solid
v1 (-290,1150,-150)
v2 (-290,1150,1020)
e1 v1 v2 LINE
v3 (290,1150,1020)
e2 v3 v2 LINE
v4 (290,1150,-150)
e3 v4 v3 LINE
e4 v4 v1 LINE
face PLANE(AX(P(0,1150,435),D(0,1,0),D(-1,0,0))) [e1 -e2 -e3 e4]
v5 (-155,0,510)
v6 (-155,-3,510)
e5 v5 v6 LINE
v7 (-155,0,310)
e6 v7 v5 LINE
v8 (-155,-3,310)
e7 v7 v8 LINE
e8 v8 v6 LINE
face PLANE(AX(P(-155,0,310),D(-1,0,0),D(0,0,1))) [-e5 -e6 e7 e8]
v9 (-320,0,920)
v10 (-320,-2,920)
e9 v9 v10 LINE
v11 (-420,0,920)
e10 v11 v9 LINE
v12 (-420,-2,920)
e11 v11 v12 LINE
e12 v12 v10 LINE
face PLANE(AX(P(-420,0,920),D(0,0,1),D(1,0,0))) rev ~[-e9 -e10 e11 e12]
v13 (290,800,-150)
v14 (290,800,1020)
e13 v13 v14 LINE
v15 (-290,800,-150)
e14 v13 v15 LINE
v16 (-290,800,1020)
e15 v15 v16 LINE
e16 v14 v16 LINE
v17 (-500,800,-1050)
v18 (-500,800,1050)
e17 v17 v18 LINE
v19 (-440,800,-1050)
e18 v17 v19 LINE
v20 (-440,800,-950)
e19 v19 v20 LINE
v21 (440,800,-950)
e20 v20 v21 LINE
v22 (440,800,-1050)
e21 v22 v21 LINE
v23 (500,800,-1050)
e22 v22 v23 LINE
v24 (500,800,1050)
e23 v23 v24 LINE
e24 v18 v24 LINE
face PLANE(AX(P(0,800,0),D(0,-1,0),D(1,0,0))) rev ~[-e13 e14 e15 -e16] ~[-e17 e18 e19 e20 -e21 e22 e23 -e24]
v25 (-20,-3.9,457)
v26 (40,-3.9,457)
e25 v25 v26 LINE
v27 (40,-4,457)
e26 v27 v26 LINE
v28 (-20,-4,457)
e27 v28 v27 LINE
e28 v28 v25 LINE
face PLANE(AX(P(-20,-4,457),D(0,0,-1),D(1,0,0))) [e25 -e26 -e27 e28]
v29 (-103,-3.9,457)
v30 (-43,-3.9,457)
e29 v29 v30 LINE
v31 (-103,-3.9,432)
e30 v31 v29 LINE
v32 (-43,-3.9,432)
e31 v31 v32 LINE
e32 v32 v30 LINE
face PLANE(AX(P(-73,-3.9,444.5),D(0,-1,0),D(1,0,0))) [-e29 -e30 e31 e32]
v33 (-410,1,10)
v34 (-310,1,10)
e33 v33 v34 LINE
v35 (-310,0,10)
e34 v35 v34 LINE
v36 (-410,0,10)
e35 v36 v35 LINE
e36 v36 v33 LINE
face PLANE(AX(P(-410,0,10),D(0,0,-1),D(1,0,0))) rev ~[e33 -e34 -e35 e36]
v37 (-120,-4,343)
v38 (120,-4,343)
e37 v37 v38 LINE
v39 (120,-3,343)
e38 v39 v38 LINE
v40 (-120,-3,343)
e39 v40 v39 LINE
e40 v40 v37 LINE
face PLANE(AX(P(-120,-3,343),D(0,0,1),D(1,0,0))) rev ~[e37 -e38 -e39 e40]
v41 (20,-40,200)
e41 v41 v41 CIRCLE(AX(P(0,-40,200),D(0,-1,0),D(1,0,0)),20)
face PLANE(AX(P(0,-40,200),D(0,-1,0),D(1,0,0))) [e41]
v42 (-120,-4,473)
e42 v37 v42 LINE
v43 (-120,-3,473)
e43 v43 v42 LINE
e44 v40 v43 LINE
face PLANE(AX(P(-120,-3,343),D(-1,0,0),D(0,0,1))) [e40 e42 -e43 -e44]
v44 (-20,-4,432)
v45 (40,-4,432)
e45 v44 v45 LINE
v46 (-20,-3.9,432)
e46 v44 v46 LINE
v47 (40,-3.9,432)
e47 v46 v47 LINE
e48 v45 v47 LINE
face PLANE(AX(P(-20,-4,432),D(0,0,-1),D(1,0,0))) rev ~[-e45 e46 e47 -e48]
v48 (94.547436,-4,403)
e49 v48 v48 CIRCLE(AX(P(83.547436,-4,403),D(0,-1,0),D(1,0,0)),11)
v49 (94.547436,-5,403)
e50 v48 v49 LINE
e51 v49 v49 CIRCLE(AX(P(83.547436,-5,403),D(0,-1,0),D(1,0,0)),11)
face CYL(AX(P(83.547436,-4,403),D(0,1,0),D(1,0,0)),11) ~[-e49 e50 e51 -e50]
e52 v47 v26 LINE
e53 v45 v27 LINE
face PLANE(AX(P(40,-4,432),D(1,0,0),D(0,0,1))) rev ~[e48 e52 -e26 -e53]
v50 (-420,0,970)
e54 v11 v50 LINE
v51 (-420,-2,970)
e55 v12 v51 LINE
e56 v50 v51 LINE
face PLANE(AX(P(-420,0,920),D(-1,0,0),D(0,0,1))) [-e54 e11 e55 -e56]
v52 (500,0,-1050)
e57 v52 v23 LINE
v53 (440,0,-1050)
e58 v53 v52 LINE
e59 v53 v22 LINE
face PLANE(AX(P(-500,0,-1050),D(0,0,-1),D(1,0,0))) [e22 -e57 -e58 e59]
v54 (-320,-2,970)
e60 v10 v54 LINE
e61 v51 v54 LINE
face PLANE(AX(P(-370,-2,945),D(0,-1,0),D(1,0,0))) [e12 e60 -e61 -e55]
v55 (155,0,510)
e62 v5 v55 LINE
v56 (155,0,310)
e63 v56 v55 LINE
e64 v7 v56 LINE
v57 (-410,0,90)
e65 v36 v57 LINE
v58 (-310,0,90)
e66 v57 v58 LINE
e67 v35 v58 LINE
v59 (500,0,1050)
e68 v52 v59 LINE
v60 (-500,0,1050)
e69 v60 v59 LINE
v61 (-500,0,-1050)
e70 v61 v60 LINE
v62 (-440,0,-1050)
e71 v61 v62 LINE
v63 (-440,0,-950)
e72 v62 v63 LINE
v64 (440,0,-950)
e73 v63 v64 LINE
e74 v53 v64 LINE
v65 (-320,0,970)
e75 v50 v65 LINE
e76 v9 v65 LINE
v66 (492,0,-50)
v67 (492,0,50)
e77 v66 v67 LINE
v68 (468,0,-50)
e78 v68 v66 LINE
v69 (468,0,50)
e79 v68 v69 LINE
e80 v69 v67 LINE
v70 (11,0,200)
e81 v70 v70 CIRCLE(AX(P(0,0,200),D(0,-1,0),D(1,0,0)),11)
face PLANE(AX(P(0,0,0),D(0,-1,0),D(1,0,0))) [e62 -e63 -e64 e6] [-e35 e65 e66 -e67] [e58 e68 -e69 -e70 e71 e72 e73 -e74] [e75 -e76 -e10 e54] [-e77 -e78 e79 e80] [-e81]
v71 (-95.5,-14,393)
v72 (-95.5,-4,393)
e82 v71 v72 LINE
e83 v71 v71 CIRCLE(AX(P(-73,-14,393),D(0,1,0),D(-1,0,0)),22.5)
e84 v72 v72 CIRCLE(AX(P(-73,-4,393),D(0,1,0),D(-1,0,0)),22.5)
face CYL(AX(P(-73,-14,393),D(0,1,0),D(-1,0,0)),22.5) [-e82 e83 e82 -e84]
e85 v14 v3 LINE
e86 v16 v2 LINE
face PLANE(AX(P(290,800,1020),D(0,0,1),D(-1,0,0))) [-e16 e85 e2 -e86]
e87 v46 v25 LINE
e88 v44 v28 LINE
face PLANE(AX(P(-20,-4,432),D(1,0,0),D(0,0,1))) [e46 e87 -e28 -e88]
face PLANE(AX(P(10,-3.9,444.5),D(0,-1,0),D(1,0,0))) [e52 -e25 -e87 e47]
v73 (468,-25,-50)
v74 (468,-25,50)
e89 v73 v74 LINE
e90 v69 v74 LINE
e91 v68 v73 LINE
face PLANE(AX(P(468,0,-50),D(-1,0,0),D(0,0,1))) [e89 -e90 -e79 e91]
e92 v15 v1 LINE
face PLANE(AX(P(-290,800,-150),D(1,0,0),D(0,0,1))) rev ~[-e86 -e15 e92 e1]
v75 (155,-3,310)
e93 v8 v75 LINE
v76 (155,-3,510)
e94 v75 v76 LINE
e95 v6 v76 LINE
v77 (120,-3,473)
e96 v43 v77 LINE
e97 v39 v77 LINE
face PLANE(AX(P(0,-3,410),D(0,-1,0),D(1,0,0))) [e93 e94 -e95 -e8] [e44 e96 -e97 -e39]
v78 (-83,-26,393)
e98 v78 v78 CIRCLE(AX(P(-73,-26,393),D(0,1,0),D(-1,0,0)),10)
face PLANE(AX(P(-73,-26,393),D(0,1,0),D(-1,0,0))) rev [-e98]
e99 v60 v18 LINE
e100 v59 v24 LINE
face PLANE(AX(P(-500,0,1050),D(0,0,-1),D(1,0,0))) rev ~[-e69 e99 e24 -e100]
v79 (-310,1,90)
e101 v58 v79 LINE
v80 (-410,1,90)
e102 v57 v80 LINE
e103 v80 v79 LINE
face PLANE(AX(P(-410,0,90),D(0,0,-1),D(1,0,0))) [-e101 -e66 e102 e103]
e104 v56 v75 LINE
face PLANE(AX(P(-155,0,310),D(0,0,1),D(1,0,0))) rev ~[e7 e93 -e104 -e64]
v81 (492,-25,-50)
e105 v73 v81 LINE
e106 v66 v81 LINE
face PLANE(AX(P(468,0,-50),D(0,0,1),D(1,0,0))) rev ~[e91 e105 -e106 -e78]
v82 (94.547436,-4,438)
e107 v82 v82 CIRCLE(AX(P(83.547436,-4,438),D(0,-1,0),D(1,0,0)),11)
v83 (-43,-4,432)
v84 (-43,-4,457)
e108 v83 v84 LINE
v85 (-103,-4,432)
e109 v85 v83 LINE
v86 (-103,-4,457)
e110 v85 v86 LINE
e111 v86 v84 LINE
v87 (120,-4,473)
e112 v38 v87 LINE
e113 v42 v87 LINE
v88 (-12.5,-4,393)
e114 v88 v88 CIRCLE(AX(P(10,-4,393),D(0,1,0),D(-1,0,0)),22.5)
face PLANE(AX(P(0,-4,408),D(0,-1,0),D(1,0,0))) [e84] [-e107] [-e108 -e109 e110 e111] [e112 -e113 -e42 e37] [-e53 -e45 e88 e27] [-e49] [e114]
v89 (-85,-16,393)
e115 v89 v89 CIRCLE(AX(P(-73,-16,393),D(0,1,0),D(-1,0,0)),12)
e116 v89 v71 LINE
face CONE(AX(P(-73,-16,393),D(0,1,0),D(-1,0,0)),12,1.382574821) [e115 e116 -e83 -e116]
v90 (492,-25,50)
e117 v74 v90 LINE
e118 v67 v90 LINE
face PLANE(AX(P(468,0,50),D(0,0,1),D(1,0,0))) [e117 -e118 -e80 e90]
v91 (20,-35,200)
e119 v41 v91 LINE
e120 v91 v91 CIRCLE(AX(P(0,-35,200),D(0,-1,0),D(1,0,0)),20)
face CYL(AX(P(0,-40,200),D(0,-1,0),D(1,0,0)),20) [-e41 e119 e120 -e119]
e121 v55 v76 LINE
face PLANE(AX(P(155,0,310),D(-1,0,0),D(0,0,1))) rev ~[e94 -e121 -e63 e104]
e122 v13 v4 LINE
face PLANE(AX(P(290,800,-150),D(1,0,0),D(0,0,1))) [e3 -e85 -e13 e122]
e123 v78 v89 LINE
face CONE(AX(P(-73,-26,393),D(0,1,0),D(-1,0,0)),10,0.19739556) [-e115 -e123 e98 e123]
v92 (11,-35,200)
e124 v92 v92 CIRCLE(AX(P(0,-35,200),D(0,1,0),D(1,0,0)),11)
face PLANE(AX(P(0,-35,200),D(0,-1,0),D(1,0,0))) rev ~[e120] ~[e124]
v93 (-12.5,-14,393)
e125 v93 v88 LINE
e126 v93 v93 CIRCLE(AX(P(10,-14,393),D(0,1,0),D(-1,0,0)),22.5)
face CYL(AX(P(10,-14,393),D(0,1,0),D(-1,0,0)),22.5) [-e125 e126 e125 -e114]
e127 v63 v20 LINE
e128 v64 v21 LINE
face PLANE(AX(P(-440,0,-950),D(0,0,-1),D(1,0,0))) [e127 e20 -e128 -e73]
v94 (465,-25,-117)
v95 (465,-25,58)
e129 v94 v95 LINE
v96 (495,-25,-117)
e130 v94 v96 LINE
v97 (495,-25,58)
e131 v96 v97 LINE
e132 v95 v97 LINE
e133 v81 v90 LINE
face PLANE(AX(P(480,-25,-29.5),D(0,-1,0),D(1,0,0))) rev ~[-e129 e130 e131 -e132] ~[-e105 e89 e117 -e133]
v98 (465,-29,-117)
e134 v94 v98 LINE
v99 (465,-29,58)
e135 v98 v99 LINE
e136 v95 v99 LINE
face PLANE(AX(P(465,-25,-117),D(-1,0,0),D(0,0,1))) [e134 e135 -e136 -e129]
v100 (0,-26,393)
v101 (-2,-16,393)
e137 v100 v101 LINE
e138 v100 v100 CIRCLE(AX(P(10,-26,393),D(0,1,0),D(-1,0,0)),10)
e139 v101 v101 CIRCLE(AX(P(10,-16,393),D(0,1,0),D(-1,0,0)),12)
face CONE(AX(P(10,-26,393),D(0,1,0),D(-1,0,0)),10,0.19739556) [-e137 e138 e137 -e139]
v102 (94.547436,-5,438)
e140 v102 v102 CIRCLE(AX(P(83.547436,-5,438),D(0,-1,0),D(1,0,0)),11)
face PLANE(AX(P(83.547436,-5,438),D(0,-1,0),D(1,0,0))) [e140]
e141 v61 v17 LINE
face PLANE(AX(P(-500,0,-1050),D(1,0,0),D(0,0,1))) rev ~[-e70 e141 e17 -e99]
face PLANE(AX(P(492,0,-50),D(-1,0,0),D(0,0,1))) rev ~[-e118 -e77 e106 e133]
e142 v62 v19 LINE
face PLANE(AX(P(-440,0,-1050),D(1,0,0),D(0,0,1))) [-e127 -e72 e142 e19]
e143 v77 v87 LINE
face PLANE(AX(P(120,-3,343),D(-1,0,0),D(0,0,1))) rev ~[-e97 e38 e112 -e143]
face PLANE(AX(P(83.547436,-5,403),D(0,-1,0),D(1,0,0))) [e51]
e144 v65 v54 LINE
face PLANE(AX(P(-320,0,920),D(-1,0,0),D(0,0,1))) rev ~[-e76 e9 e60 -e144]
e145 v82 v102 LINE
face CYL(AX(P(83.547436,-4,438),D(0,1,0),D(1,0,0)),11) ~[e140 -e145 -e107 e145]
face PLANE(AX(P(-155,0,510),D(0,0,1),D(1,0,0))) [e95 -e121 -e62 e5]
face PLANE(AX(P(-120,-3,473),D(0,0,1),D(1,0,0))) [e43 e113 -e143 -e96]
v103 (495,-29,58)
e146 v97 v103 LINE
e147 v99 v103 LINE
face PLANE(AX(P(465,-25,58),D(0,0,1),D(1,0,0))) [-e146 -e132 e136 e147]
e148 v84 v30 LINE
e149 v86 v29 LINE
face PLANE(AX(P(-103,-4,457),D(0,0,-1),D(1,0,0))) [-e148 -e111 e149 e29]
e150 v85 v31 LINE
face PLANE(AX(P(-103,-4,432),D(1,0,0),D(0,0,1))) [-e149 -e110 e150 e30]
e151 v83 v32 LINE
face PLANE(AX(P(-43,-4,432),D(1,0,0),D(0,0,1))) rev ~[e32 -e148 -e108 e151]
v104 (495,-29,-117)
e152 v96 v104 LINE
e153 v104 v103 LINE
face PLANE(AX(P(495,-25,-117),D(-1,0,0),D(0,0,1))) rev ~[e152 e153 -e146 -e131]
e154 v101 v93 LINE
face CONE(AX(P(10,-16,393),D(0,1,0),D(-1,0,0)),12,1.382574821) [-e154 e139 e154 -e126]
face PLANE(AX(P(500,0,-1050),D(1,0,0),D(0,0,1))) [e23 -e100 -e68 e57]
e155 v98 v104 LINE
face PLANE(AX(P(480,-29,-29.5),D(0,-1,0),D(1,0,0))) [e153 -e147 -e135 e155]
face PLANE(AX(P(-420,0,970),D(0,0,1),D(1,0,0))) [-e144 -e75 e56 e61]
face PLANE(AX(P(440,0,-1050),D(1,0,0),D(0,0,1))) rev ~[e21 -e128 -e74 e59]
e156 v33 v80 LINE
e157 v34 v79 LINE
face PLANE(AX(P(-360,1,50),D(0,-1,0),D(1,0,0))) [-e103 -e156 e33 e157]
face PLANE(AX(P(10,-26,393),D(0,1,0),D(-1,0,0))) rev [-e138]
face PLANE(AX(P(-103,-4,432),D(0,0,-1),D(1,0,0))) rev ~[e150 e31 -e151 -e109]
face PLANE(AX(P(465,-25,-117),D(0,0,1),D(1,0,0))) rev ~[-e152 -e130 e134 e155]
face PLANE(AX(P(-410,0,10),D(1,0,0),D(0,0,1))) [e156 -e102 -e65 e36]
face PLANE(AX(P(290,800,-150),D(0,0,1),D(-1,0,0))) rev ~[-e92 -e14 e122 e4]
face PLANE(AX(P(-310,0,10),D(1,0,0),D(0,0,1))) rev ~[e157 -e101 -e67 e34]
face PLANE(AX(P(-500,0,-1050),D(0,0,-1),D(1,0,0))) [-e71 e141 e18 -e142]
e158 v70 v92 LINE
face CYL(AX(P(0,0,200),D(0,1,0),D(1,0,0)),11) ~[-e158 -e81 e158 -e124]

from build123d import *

# Parameters (mm, degrees)
F0_W      = 1000
F0_H      = 2100
F1_DEPTH  = 800
F2_W      = 580
F2_H      = 1170
F3_DEPTH  = 350
F4_R      = 11
F5_DEPTH  = 40
F6_R      = 20
F7_DEPTH  = 5
F8_W      = 310
F8_H      = 200
F9_DEPTH  = 3
F10_W     = 100
F10_H     = 80
F11_DEPTH = 1
F12_W     = 880
F12_H     = 100
F13_DEPTH = 1150.001
F14_W     = 24
F14_H     = 100
F15_DEPTH = 25
F16_W     = 100
F16_H     = 50
F17_DEPTH = 2
F18_W     = 30
F18_H     = 175
F19_DEPTH = 4
F20_W     = 240
F20_H     = 130
F21_DEPTH = 1
F22_W     = 60
F22_H     = 25
F23_DEPTH = 0.1
F29_R     = 11
F30_DEPTH = 1


with BuildPart() as f1:
    # F0 (on Front) → F1 (new body)
    with BuildSketch(Plane.XZ):
        Rectangle(F0_W, F0_H)
    extrude(amount=-F1_DEPTH)

    # F2 (on face) → F3 (join)
    with BuildSketch(Plane(origin=(0, 800, 0), x_dir=(-1, 0, 0), z_dir=(0, 1, 0))):
        with Locations((0, 435)):
            Rectangle(F2_W, F2_H)
    extrude(amount=F3_DEPTH)

    # F4 (on face) → F5 (join)
    with BuildSketch(Plane.XZ):
        with Locations((0, 200)):
            Circle(F4_R)
    extrude(amount=F5_DEPTH)

    # F6 (on face) → F7 (join)
    with BuildSketch(Plane.XZ.offset(40)):
        with Locations((0, 200)):
            Circle(F6_R)
    extrude(amount=-F7_DEPTH)

    # F8 (on face) → F9 (join)
    with BuildSketch(Plane.XZ):
        with Locations((0, 410)):
            Rectangle(F8_W, F8_H)
    extrude(amount=F9_DEPTH)

    # F10 (on face) → F11 (cut)
    with BuildSketch(Plane.XZ):
        with Locations((-360, 50)):
            Rectangle(F10_W, F10_H)
    extrude(amount=-F11_DEPTH, mode=Mode.SUBTRACT)

    # F12 (on face) → F13 (cut, through all)
    with BuildSketch(Plane.XZ):
        with Locations((0, -1000)):
            Rectangle(F12_W, F12_H)
    extrude(amount=-F13_DEPTH, mode=Mode.SUBTRACT)

    # F14 (on face) → F15 (join)
    with BuildSketch(Plane.XZ):
        with Locations((480, 0)):
            Rectangle(F14_W, F14_H)
    extrude(amount=F15_DEPTH)

    # F16 (on face) → F17 (join)
    with BuildSketch(Plane.XZ):
        with Locations((-370, 945)):
            Rectangle(F16_W, F16_H)
    extrude(amount=F17_DEPTH)

    # F18 (on face) → F19 (join)
    with BuildSketch(Plane.XZ.offset(25)):
        with Locations((480, -29.5)):
            Rectangle(F18_W, F18_H)
    extrude(amount=F19_DEPTH)

    # F20 (on face) → F21 (join)
    with BuildSketch(Plane.XZ.offset(3)):
        with Locations((0, 408)):
            Rectangle(F20_W, F20_H)
    extrude(amount=F21_DEPTH)

    # F22 (on face) → F23 (cut)
    with BuildSketch(Plane.XZ.offset(4)):
        with Locations((-73, 444.5)):
            Rectangle(F22_W, F22_H)
        with Locations((10, 444.5)):
            Rectangle(F22_W, F22_H)
    extrude(amount=-F23_DEPTH, mode=Mode.SUBTRACT)

    # F26 (on plane+point) → F27 (revolve)
    with BuildSketch(Plane(origin=(0, 0, 393), x_dir=(1, 0, 0), z_dir=(0, 0, -1))):
        Polygon((-95.5, 4), (-73, 4), (-73, 26), (-83, 26), (-85, 16), (-95.5, 14), align=None)
    revolve(axis=Axis((-73, -17.4706345424, 393), (0, 1, 0)))

    # F26 (on plane+point) → F28 (revolve)
    with BuildSketch(Plane(origin=(0, 0, 393), x_dir=(1, 0, 0), z_dir=(0, 0, -1))):
        Polygon((-12.5, 4), (10, 4), (10, 26), (0, 26), (-2, 16), (-12.5, 14), align=None)
    revolve(axis=Axis((10, -12.9324262962, 393), (0, 1, 0)))

    # F29 (on face) → F30 (join)
    with BuildSketch(Plane.XZ.offset(4)):
        with Locations((83.5474357009, 438)):
            Circle(F29_R)
        with Locations((83.5474357009, 403)):
            Circle(F29_R)
    extrude(amount=F30_DEPTH)


solid = f1.part
